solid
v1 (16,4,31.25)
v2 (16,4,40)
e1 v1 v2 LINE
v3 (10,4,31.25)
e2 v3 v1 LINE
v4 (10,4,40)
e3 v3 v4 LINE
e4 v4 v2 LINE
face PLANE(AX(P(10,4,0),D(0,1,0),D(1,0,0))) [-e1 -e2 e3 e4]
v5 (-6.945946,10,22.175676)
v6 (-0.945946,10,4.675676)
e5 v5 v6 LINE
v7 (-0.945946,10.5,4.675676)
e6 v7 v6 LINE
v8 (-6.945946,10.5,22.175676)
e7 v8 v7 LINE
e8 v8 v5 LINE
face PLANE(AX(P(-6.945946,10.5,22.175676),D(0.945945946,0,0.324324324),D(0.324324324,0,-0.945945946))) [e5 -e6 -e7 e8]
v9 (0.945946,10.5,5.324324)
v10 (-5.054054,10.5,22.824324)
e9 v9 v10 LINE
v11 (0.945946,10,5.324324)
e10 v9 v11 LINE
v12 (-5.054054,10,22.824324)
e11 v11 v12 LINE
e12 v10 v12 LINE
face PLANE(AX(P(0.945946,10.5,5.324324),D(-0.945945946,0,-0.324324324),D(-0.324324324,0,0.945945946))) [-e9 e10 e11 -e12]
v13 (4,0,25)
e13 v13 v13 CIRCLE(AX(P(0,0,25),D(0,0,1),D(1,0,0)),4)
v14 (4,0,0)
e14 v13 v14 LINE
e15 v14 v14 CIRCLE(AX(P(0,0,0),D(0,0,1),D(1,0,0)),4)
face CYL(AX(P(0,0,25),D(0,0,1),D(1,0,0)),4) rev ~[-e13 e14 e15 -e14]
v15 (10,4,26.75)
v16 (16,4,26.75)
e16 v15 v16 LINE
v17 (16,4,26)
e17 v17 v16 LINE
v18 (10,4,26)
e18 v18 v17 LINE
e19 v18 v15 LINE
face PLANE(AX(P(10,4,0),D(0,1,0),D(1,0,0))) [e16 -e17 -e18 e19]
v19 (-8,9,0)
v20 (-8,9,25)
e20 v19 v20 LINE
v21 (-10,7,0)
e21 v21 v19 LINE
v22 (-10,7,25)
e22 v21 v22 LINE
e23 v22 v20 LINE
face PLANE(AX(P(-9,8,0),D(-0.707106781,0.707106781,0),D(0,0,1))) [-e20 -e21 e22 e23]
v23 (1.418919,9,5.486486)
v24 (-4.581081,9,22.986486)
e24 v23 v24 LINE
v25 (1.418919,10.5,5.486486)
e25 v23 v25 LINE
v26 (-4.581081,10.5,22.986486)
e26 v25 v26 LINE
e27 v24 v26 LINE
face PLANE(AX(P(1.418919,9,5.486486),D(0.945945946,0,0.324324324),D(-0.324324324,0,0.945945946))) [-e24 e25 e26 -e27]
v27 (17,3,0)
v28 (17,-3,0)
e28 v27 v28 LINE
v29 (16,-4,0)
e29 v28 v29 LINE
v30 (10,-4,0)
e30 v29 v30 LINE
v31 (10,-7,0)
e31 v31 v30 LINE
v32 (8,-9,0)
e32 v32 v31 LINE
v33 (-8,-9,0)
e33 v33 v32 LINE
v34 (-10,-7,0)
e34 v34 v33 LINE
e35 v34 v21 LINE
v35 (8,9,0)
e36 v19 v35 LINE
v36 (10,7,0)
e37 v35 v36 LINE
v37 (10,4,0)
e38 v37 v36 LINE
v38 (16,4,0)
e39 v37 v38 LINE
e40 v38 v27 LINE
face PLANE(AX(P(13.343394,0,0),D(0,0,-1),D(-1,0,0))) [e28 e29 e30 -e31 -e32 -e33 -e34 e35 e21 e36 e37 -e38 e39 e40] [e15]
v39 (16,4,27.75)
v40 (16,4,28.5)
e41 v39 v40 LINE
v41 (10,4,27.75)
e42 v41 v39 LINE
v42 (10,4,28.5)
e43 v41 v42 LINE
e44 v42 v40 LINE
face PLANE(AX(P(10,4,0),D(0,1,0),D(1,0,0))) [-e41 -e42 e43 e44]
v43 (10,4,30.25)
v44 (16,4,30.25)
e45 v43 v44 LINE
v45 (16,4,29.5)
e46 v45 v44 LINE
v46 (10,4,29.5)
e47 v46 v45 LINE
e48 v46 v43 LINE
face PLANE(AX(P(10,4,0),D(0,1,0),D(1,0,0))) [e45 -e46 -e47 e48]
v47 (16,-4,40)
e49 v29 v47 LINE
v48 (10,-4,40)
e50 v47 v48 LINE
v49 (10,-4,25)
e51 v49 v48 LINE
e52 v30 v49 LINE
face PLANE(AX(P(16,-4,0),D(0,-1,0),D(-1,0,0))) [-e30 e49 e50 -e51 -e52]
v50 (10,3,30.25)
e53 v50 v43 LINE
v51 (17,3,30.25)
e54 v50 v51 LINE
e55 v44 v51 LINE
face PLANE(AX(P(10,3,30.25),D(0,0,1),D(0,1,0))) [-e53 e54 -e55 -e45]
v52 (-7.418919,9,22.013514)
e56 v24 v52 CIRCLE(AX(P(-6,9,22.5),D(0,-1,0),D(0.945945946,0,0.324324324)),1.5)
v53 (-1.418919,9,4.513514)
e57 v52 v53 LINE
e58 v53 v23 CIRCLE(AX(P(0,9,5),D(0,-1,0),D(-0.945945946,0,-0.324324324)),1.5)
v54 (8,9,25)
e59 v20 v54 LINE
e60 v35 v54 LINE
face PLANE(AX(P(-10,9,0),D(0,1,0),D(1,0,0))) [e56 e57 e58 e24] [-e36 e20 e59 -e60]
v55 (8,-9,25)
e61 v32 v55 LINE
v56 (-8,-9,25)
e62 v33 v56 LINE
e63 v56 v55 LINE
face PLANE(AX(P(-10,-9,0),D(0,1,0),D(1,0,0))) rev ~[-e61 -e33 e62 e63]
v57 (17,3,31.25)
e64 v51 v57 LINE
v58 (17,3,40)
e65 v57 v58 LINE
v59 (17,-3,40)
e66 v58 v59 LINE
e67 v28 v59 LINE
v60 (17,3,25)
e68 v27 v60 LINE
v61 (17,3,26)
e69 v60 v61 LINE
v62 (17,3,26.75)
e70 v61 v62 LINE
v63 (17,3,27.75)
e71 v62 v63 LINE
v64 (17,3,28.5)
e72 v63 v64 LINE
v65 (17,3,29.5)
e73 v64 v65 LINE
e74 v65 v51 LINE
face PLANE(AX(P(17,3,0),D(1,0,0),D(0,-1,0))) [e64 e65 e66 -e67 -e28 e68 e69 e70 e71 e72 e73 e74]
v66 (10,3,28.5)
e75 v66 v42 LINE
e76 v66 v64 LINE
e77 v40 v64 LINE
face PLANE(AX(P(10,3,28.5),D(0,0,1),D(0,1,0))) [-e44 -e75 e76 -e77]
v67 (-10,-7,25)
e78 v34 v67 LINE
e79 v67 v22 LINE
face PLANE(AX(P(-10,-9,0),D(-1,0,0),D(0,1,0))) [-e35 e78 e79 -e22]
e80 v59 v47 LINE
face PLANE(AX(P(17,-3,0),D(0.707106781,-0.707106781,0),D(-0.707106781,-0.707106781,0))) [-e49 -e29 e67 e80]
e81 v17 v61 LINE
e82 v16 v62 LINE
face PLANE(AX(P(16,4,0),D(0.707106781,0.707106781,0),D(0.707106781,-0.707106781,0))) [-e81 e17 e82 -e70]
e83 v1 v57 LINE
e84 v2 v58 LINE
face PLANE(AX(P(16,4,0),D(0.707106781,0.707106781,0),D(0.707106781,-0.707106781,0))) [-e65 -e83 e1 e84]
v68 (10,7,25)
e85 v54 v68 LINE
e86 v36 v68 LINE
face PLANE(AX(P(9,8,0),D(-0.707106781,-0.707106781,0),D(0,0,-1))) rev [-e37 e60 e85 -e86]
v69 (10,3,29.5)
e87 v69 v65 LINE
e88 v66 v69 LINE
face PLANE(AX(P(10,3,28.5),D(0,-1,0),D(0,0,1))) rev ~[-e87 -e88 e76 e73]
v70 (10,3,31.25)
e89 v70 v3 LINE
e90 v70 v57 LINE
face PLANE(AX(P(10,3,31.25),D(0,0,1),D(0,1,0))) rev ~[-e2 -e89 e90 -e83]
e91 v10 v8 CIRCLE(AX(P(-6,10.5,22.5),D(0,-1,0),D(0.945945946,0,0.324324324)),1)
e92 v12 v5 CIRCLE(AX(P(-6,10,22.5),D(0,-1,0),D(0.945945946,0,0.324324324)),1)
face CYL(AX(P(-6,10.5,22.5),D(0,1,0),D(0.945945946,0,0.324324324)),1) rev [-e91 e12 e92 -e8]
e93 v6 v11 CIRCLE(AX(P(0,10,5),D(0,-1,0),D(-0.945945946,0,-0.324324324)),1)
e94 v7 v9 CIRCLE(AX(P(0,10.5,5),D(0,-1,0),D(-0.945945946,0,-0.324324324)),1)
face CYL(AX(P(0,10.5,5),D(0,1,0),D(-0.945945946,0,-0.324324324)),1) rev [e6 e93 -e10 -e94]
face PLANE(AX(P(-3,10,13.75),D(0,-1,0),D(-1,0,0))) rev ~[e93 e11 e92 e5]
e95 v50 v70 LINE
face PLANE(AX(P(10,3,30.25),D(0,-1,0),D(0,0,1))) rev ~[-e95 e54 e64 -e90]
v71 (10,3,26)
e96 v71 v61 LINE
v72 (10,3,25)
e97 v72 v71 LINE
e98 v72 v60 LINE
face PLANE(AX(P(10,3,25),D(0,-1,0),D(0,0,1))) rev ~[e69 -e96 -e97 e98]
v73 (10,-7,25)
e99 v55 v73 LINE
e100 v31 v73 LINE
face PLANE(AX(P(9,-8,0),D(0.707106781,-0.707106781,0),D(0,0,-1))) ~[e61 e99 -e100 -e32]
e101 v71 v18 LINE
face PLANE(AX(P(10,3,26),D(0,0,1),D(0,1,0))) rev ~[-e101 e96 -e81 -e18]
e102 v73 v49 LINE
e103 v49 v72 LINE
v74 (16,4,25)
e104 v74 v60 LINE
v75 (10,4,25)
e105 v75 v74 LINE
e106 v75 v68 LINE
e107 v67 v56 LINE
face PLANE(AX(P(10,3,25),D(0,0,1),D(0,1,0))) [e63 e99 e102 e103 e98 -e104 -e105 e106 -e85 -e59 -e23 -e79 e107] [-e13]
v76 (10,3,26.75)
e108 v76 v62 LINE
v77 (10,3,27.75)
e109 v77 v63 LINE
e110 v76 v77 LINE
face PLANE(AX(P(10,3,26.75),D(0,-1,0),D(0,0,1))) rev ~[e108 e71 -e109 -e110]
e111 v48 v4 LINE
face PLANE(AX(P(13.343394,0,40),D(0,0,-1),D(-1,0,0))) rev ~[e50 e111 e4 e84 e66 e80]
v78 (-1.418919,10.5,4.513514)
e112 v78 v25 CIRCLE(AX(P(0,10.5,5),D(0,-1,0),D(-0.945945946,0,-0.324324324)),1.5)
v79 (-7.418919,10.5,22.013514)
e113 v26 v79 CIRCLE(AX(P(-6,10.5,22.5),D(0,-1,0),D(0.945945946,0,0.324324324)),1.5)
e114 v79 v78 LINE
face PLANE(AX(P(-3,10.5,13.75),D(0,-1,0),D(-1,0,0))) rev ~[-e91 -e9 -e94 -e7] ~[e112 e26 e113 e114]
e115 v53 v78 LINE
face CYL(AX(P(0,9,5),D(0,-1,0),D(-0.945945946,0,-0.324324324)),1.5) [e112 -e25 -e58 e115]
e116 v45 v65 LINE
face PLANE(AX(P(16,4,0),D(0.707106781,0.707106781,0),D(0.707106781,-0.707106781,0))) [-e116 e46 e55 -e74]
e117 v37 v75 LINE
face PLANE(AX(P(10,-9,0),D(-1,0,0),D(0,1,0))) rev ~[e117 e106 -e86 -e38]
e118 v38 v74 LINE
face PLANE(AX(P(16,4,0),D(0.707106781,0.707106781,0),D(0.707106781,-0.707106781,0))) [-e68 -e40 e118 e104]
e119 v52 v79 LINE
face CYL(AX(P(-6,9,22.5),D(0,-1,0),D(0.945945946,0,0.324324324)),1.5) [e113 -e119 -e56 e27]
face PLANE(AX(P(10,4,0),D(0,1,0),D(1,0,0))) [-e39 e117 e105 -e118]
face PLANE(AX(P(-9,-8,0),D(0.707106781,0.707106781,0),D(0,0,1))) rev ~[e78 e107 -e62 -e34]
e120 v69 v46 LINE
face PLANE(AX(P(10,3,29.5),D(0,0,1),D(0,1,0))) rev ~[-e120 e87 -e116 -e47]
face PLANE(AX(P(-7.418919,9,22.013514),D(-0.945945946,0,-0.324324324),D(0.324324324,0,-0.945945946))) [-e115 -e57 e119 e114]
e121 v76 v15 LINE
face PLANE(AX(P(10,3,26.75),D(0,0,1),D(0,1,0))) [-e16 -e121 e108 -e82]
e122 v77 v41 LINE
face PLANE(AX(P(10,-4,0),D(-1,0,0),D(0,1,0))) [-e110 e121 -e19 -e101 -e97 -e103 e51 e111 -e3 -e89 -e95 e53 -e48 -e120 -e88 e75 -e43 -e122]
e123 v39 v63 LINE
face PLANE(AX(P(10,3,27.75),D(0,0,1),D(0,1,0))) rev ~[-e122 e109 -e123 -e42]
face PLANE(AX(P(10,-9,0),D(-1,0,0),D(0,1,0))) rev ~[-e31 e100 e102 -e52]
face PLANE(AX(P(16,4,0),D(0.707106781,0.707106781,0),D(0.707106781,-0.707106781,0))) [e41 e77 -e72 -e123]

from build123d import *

# Parameters (mm, degrees)
SKETCH1_W           = 20
SKETCH1_H           = 18
BOSS_EXTRUDE1_DEPTH = 25
SKETCH2_R           = 4
CUT_EXTRUDE1_DEPTH  = 26
CHAMFER1_SIZE       = 2
BOSS_EXTRUDE2_DEPTH = 1.5
CUT_EXTRUDE2_DEPTH  = 0.5
BOSS_EXTRUDE3_DEPTH = 40
SKETCH6_W           = 1
SKETCH6_H           = 1
CUT_EXTRUDE3_DEPTH  = 8


with BuildPart() as part:
    # Sketch1 → Boss-Extrude1 (new body)
    with BuildSketch(Plane.XY):
        Rectangle(SKETCH1_W, SKETCH1_H)
    extrude(amount=BOSS_EXTRUDE1_DEPTH)

    # Sketch2 → Cut-Extrude1 (cut, through all)
    with BuildSketch(Plane.XY.offset(25)):
        Circle(SKETCH2_R)
    extrude(amount=-CUT_EXTRUDE1_DEPTH, mode=Mode.SUBTRACT)

    # Chamfer1
    chamfer1_edges = [part.edges().sort_by_distance(p)[0] for p in [
        (10, 9, 12.5),
        (10, -9, 12.5),
        (-10, -9, 12.5),
        (-10, 9, 12.5),
    ]]
    chamfer(chamfer1_edges, length=CHAMFER1_SIZE)

    # Sketch3 → Boss-Extrude2 (add)
    with BuildSketch(Plane(origin=(0, 9, 0), x_dir=(1, 0, 0), z_dir=(0, 1, 0))):
        with BuildLine():
            Line((-7.418918919, -22.013513514), (-1.418918919, -4.513513514))
            ThreePointArc((-1.418918919, -4.513513514), (0.486486486, -3.581081081), (1.418918919, -5.486486486))
            Line((1.418918919, -5.486486486), (-4.581081081, -22.986486486))
            ThreePointArc((-4.581081081, -22.986486486), (-6.486486486, -23.918918919), (-7.418918919, -22.013513514))
        make_face()
    extrude(amount=BOSS_EXTRUDE2_DEPTH)

    # Sketch4 → Cut-Extrude2 (cut)
    with BuildSketch(Plane(origin=(0, 10.5, 0), x_dir=(1, 0, 0), z_dir=(0, 1, 0))):
        with BuildLine():
            Line((-6.945945946, -22.175675676), (-0.945945946, -4.675675676))
            ThreePointArc((-0.945945946, -4.675675676), (0.324324324, -4.054054054), (0.945945946, -5.324324324))
            Line((0.945945946, -5.324324324), (-5.054054054, -22.824324324))
            ThreePointArc((-5.054054054, -22.824324324), (-6.324324324, -23.445945946), (-6.945945946, -22.175675676))
        make_face()
    extrude(amount=-CUT_EXTRUDE2_DEPTH, mode=Mode.SUBTRACT)

    # Sketch5 → Boss-Extrude3 (add)
    with BuildSketch(Plane(origin=(0, 0, 0), x_dir=(-1, 0, 0), z_dir=(0, 0, -1))):
        Polygon((-10, 4), (-16, 4), (-17, 3), (-17, -3), (-16, -4), (-10, -4), align=None)
    extrude(amount=-BOSS_EXTRUDE3_DEPTH)

    # Sketch6 → Cut-Extrude3 (cut, through all)
    with BuildSketch(Plane.ZY.offset(-10)):
        with Locations((25.5, 3.5)):
            Rectangle(SKETCH6_W, SKETCH6_H)
        with Locations((27.25, 3.5)):
            Rectangle(SKETCH6_W, SKETCH6_H)
        with Locations((29, 3.5)):
            Rectangle(SKETCH6_W, SKETCH6_H)
        with Locations((30.75, 3.5)):
            Rectangle(SKETCH6_W, SKETCH6_H)
    extrude(amount=-CUT_EXTRUDE3_DEPTH, mode=Mode.SUBTRACT)


solid = part.part
